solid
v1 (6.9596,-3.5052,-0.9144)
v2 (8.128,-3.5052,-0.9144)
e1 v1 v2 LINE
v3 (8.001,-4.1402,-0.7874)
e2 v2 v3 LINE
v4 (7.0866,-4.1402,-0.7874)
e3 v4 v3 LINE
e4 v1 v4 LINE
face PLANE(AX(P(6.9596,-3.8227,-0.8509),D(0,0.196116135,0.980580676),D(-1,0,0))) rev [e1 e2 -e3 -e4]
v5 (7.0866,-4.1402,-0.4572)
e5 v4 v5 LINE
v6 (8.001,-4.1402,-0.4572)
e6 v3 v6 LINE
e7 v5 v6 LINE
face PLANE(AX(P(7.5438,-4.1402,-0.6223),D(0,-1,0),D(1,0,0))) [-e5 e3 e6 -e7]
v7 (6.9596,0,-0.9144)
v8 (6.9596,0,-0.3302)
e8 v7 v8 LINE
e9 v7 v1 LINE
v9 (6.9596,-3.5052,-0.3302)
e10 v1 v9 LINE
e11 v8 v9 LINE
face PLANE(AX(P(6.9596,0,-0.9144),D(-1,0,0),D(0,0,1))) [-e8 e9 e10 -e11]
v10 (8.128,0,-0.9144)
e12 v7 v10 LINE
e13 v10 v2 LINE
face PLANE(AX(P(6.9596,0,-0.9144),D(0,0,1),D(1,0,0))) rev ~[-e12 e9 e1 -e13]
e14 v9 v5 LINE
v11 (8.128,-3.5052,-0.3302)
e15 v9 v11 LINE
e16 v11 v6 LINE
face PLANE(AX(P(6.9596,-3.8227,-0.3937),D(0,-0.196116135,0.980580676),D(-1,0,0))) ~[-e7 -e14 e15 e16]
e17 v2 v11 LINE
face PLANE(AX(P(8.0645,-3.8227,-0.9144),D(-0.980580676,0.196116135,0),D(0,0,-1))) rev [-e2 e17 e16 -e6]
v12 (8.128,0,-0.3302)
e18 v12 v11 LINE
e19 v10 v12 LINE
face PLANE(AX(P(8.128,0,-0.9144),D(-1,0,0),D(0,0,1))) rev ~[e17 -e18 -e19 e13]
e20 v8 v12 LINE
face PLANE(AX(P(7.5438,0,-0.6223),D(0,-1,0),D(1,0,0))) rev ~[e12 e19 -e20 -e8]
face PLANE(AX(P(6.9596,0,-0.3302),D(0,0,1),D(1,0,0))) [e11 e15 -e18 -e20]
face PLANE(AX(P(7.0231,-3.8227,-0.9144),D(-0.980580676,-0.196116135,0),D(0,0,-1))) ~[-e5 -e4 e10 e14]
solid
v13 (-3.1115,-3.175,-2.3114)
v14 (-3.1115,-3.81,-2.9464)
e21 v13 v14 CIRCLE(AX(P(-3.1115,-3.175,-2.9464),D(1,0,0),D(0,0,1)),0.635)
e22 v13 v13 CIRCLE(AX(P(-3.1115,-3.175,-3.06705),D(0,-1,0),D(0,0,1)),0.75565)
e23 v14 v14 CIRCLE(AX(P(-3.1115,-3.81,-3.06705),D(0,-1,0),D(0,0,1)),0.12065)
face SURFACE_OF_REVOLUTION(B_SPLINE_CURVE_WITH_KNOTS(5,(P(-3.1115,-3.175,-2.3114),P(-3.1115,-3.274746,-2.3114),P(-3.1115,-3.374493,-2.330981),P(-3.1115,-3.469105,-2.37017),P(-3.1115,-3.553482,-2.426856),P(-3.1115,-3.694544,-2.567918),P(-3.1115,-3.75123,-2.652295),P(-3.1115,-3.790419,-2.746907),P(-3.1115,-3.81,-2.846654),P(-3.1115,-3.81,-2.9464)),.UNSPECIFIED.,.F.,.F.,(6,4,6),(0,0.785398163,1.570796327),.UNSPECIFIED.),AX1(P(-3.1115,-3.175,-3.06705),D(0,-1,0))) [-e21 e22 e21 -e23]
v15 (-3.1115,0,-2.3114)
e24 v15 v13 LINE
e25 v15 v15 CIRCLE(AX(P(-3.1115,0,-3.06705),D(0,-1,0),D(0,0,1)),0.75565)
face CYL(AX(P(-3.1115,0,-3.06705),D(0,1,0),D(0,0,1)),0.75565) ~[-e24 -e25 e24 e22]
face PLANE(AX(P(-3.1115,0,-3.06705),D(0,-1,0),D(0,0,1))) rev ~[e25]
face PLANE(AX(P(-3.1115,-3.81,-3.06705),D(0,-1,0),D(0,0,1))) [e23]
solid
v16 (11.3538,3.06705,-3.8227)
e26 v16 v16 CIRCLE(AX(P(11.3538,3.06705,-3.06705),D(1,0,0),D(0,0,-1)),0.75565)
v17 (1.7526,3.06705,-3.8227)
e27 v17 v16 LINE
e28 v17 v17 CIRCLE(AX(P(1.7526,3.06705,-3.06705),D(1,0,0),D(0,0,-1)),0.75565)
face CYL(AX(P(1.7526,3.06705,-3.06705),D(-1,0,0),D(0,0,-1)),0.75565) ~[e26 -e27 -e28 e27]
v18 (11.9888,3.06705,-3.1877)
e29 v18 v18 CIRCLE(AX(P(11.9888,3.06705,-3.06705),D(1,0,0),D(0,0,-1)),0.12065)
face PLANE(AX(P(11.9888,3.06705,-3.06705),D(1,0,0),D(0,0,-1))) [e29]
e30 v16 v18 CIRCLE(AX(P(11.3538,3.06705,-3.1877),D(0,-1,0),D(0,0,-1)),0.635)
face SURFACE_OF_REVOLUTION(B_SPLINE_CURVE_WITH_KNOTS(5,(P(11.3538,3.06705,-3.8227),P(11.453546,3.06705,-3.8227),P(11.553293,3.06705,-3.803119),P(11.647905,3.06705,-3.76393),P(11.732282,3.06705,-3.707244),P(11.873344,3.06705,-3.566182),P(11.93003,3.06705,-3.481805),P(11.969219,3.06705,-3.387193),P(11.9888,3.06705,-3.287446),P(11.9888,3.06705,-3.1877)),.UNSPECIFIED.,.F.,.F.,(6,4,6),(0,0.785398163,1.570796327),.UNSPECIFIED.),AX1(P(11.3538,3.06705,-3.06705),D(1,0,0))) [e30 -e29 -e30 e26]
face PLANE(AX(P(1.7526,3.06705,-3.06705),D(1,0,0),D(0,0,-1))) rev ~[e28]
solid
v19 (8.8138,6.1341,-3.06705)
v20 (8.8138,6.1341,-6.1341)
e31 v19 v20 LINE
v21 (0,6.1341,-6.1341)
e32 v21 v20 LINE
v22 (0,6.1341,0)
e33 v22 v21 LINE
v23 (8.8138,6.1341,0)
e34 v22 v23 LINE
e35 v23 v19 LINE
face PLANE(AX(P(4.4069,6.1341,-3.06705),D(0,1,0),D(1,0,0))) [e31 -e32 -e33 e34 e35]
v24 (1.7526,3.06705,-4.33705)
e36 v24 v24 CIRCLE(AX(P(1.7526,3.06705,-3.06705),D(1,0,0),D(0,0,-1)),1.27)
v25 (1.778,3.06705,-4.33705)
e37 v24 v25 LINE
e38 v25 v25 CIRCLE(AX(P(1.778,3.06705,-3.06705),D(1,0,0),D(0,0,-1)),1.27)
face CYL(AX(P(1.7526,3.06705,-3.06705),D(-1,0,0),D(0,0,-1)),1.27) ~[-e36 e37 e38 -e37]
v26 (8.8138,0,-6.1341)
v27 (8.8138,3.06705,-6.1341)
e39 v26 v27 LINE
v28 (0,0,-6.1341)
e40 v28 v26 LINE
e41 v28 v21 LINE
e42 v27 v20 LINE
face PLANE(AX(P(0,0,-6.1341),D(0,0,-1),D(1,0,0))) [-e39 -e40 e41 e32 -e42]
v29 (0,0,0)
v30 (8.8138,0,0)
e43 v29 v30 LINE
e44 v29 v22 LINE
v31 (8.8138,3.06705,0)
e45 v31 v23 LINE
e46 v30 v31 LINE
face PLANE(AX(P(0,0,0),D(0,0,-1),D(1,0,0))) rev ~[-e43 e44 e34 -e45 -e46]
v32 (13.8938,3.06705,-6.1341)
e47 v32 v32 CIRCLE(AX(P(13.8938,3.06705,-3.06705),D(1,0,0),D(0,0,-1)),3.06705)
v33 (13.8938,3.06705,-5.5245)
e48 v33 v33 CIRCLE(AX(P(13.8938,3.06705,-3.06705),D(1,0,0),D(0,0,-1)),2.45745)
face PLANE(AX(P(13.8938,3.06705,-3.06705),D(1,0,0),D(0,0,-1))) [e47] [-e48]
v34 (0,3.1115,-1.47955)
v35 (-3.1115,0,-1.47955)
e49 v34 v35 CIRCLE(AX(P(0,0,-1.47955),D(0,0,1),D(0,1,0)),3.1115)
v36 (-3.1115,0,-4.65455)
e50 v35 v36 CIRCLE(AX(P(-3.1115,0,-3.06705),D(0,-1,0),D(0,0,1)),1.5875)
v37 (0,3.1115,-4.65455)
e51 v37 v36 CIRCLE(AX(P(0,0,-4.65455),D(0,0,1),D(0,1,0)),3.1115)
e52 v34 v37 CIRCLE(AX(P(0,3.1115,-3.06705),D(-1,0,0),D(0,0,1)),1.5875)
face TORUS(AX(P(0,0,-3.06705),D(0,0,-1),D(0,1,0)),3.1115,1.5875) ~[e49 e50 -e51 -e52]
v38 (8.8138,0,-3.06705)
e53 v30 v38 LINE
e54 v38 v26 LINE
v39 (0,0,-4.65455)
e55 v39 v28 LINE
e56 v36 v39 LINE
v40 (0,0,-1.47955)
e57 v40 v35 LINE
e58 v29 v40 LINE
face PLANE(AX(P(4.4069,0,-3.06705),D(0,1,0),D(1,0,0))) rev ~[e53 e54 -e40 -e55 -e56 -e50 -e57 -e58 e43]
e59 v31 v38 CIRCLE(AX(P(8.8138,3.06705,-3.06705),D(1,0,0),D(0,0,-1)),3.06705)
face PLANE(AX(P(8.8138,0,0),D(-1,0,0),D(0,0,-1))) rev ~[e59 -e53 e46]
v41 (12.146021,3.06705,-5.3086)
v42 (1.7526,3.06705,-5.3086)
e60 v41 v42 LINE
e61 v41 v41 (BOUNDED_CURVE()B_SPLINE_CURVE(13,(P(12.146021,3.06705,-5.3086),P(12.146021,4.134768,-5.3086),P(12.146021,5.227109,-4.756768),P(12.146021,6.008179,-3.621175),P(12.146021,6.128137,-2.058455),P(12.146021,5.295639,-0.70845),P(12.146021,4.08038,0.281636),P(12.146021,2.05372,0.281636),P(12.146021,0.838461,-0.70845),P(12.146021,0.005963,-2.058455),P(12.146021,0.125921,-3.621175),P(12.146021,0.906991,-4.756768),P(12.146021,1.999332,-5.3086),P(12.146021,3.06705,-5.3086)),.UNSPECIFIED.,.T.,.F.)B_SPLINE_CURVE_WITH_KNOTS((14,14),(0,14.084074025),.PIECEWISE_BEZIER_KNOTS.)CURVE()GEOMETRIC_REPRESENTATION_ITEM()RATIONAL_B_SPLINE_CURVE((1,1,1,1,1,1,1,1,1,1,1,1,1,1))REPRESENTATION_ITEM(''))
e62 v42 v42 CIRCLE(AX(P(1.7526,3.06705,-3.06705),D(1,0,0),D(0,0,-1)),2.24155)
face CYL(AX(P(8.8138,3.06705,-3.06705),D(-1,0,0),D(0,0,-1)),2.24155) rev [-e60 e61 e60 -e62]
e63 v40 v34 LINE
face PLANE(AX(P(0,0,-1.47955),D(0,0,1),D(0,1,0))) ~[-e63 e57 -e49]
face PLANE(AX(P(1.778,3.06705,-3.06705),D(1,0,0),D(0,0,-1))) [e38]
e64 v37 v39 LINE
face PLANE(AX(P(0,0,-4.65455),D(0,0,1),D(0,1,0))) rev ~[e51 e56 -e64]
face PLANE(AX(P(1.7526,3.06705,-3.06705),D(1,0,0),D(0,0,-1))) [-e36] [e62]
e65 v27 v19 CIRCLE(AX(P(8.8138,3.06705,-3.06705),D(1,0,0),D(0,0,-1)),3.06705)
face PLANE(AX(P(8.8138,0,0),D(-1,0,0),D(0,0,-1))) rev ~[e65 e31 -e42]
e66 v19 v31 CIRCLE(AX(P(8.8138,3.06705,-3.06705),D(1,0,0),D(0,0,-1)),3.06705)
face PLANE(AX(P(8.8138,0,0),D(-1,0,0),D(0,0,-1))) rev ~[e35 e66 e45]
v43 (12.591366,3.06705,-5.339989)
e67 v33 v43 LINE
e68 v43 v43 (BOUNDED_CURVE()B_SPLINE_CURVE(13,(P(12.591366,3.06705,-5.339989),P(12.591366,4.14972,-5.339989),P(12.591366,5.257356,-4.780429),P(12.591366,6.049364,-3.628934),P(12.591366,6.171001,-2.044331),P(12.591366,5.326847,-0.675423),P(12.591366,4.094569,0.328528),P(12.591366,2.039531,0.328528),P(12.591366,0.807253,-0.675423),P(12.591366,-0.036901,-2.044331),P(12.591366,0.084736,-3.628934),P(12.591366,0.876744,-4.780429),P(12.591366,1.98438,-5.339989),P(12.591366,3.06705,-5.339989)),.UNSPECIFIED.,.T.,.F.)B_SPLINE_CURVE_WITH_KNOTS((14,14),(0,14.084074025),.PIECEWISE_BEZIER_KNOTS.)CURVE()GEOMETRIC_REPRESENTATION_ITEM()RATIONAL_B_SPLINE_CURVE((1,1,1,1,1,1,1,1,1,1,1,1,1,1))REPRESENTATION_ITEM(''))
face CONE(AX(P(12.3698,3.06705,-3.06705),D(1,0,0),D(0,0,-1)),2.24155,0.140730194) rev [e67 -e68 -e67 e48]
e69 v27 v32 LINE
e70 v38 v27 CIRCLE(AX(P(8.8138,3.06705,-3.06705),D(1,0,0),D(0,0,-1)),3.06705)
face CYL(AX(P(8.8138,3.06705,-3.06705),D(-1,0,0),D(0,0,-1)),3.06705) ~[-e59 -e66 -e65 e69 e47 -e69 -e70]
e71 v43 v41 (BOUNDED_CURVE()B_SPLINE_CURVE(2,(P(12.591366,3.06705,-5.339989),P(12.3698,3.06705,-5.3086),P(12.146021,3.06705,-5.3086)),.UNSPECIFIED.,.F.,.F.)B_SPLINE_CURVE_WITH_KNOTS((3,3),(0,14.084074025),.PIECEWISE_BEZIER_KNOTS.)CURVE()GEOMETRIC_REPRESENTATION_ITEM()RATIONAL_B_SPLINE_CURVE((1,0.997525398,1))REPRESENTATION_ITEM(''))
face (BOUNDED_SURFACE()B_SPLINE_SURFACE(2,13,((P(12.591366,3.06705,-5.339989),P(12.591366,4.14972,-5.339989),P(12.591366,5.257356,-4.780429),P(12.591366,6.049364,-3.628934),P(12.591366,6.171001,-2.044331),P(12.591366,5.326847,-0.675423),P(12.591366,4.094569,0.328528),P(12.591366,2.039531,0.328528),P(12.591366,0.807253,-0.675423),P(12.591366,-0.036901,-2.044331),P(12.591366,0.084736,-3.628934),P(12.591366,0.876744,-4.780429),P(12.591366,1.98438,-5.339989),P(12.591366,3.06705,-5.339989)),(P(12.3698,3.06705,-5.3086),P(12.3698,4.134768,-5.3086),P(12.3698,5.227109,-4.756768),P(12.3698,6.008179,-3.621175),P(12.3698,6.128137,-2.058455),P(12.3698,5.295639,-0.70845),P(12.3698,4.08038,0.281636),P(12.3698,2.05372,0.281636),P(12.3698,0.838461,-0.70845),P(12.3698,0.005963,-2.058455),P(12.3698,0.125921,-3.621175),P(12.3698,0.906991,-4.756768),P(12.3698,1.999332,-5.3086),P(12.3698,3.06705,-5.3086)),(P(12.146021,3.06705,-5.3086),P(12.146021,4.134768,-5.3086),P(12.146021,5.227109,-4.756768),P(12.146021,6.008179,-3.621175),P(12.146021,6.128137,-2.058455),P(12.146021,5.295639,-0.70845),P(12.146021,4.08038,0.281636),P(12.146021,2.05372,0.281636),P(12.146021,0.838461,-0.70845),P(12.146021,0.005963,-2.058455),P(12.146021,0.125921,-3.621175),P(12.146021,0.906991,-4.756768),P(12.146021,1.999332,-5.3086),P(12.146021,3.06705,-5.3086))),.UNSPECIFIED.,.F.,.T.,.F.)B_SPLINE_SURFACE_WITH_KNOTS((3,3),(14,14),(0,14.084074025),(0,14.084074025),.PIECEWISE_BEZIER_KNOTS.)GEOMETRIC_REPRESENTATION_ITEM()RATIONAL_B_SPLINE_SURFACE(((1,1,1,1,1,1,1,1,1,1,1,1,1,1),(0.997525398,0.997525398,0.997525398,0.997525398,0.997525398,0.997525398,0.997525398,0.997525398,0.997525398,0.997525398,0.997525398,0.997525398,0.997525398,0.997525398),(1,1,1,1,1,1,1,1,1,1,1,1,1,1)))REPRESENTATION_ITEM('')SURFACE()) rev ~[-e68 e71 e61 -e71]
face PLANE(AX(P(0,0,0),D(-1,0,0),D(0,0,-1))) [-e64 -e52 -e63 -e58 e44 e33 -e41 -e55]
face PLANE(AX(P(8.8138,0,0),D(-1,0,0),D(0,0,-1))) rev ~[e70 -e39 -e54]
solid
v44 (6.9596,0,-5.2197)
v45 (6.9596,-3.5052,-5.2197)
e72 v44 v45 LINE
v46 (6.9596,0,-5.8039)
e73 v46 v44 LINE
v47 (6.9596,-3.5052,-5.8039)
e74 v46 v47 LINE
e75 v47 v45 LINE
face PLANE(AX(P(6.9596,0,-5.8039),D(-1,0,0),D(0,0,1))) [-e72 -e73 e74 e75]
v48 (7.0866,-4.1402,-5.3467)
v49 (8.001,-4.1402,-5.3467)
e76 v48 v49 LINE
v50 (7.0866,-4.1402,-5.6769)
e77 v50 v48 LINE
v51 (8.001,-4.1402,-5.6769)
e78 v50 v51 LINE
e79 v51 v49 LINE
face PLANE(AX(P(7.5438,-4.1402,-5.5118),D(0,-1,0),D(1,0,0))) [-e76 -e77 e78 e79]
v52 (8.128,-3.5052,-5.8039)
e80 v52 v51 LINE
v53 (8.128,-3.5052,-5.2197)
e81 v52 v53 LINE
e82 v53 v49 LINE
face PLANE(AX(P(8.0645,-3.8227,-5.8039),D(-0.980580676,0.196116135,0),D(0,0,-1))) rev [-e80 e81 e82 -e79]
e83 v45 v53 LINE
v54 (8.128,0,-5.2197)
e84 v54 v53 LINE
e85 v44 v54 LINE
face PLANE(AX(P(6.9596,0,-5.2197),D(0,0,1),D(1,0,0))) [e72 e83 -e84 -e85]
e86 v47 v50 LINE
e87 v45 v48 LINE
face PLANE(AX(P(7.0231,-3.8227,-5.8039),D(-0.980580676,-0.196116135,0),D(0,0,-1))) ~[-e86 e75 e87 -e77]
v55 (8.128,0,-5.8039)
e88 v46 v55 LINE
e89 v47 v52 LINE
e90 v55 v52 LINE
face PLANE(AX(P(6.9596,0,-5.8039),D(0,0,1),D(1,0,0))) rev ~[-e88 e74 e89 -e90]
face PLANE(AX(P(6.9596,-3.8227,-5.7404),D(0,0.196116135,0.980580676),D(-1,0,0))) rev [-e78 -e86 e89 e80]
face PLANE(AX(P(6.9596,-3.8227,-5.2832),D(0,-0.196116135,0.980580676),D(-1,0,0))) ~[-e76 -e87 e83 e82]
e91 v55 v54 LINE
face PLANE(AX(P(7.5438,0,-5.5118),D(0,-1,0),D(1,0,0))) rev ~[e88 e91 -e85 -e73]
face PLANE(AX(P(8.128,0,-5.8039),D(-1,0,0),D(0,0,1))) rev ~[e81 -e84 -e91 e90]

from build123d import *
from OCP.BRepFilletAPI import BRepFilletAPI_MakeChamfer

# Parameters (mm, degrees)
SKETCH1_W             = 8.8138
SKETCH1_H             = 6.1341
BOSS_EXTRUDE1_DEPTH   = 6.1341
SKETCH2_R             = 3.06705
SKETCH2_R_2           = 2.24155
BOSS_EXTRUDE2_DEPTH   = 5.08
REVOLVE1_ANGLE        = 90
CUT_EXTRUDE1_START    = -7.0612
SKETCH6_R             = 2.24155
CUT_EXTRUDE1_DEPTH    = 7.0612
SKETCH11_R            = 1.27
BOSS_EXTRUDE6_DEPTH   = 0.0254
CHAMFER3_SIZE         = 0.2159
CHAMFER3_SIZE2        = 1.524
FILLET4_R             = 3.175
SKETCH7_R             = 0.75565
BOSS_EXTRUDE3_DEPTH   = 10.2362
FILLET3_R             = 0.635
SKETCH8_R             = 0.75565
BOSS_EXTRUDE4_DEPTH   = 3.81
FILLET2_R             = 0.635
SKETCH10_W            = 1.1684
SKETCH10_H            = 0.5842
BOSS_EXTRUDE5_DEPTH   = 4.1402
BOSS_EXTRUDE5_2_DEPTH = 4.1402
CHAMFER1_SIZE         = 0.635
CHAMFER1_SIZE2        = 0.127
CHAMFER2_SIZE         = 0.635
CHAMFER2_SIZE2        = 0.127


with BuildPart() as part:
    # Sketch1 → Boss-Extrude1 (new body)
    with BuildSketch(Plane(origin=(0, 0, 0), x_dir=(1, 0, 0), z_dir=(0, 1, 0))):
        with Locations((4.4069, 3.06705)):
            Rectangle(SKETCH1_W, SKETCH1_H)
    extrude(amount=BOSS_EXTRUDE1_DEPTH)

    # Sketch2 → Boss-Extrude2 (add)
    with BuildSketch(Plane(origin=(8.8138, 0, 0), x_dir=(0, 0, -1), z_dir=(1, 0, 0))):
        with Locations((3.06705, 3.06705)):
            Circle(SKETCH2_R)
        with Locations((3.06705, 3.06705)):
            Circle(SKETCH2_R_2, mode=Mode.SUBTRACT)
    extrude(amount=BOSS_EXTRUDE2_DEPTH)

    # Sketch3 → Revolve1 (revolve)
    with BuildSketch(Plane.ZY):
        with BuildLine():
            Line((-4.65455, 3.1115), (-4.65455, 0))
            Line((-4.65455, 0), (-1.47955, 0))
            Line((-1.47955, 0), (-1.47955, 3.1115))
            ThreePointArc((-1.47955, 3.1115), (-3.06705, 4.699), (-4.65455, 3.1115))
        make_face()
    revolve(axis=Axis((0, 0, 0), (0, 0, 1)), revolution_arc=REVOLVE1_ANGLE)

    # Sketch6 → Cut-Extrude1 (cut)
    with BuildSketch(Plane(origin=(8.8138, 0, 0), x_dir=(0, 0, -1), z_dir=(1, 0, 0)).offset(CUT_EXTRUDE1_START)):
        with Locations((3.06705, 3.06705)):
            Circle(SKETCH6_R)
    extrude(amount=CUT_EXTRUDE1_DEPTH, mode=Mode.SUBTRACT)

    # Sketch11 → Boss-Extrude6 (add)
    with BuildSketch(Plane(origin=(1.7526, 0, 0), x_dir=(0, 0, -1), z_dir=(1, 0, 0))):
        with Locations((3.06705, 3.06705)):
            Circle(SKETCH11_R)
    extrude(amount=BOSS_EXTRUDE6_DEPTH)

    # Chamfer3
    chamfer3_edges = [part.edges().sort_by_distance(p)[0] for p in [
        (13.8938, 3.06705, -0.8255),
    ]]
    chamfer3_side = [part.faces().sort_by_distance(p)[0] for p in [
        (13.8938, 3.06705, -0.086749274),
    ]]
    chamfer(chamfer3_edges, length=CHAMFER3_SIZE, length2=CHAMFER3_SIZE2, reference=chamfer3_side[0])

    # Fillet4
    fillet4_edges = [part.edges().sort_by_distance(p)[0] for p in [
        (12.3698, 3.06705, -0.8255),
    ]]
    fillet(fillet4_edges, radius=FILLET4_R)


with BuildPart() as body_2:
    # Sketch7 → Boss-Extrude3 (new body)
    with BuildSketch(Plane(origin=(1.7526, 0, 0), x_dir=(0, 0, -1), z_dir=(1, 0, 0))):
        with Locations((3.06705, 3.06705)):
            Circle(SKETCH7_R)
    extrude(amount=BOSS_EXTRUDE3_DEPTH)

    # Fillet3
    fillet3_edges = [body_2.edges().sort_by_distance(p)[0] for p in [
        (11.9888, 3.06705, -2.3114),
    ]]
    fillet(fillet3_edges, radius=FILLET3_R)


with BuildPart() as body_3:
    # Sketch8 → Boss-Extrude4 (new body)
    with BuildSketch(Plane.XZ):
        with Locations(Location((-3.1115, -3.06705, 0), (0, 0, 90))):
            Circle(SKETCH8_R)
    extrude(amount=BOSS_EXTRUDE4_DEPTH)

    # Fillet2
    fillet2_edges = [body_3.edges().sort_by_distance(p)[0] for p in [
        (-3.1115, -3.81, -3.8227),
    ]]
    fillet(fillet2_edges, radius=FILLET2_R)


with BuildPart() as body_4:
    # Sketch10 → Boss-Extrude5 (new body)
    with BuildSketch(Plane.XZ):
        with Locations((7.5438, -0.6223)):
            Rectangle(SKETCH10_W, SKETCH10_H)
    extrude(amount=BOSS_EXTRUDE5_DEPTH)

    # Chamfer1: one chamfer whose edges measure the first distance from different faces: ONE call of the kernel's chamfer builder (chamfer() names one face for all edges)
    chamfer1_edges_1 = [body_4.edges().sort_by_distance(p)[0] for p in [
        (6.9596, -4.1402, -0.6223),
    ]]
    chamfer1_side_1 = [body_4.faces().sort_by_distance(p)[0] for p in [
        (6.9596, -2.0701, -0.6223),
    ]]
    chamfer1_edges_2 = [body_4.edges().sort_by_distance(p)[0] for p in [
        (7.5438, -4.1402, -0.9144),
    ]]
    chamfer1_side_2 = [body_4.faces().sort_by_distance(p)[0] for p in [
        (7.5438, -2.0701, -0.9144),
    ]]
    chamfer1_edges_3 = [body_4.edges().sort_by_distance(p)[0] for p in [
        (8.128, -4.1402, -0.6223),
    ]]
    chamfer1_side_3 = [body_4.faces().sort_by_distance(p)[0] for p in [
        (8.128, -2.0701, -0.6223),
    ]]
    chamfer1_edges_4 = [body_4.edges().sort_by_distance(p)[0] for p in [
        (7.5438, -4.1402, -0.3302),
    ]]
    chamfer1_side_4 = [body_4.faces().sort_by_distance(p)[0] for p in [
        (7.5438, -2.0701, -0.3302),
    ]]
    chamfer1 = BRepFilletAPI_MakeChamfer(body_4.part.solid().wrapped)
    for e in chamfer1_edges_1:
        chamfer1.Add(CHAMFER1_SIZE, CHAMFER1_SIZE2, e.wrapped, chamfer1_side_1[0].wrapped)  # the first distance lies on this face
    for e in chamfer1_edges_2:
        chamfer1.Add(CHAMFER1_SIZE, CHAMFER1_SIZE2, e.wrapped, chamfer1_side_2[0].wrapped)  # the first distance lies on this face
    for e in chamfer1_edges_3:
        chamfer1.Add(CHAMFER1_SIZE, CHAMFER1_SIZE2, e.wrapped, chamfer1_side_3[0].wrapped)  # the first distance lies on this face
    for e in chamfer1_edges_4:
        chamfer1.Add(CHAMFER1_SIZE, CHAMFER1_SIZE2, e.wrapped, chamfer1_side_4[0].wrapped)  # the first distance lies on this face
    add(Compound.cast(chamfer1.Shape()), mode=Mode.REPLACE)


with BuildPart() as body_5:
    # Sketch10 → Boss-Extrude5 2 (new body)
    with BuildSketch(Plane.XZ):
        with Locations((7.5438, -5.5118)):
            Rectangle(SKETCH10_W, SKETCH10_H)
    extrude(amount=BOSS_EXTRUDE5_2_DEPTH)

    # Chamfer2: one chamfer whose edges measure the first distance from different faces: ONE call of the kernel's chamfer builder (chamfer() names one face for all edges)
    chamfer2_edges_1 = [body_5.edges().sort_by_distance(p)[0] for p in [
        (6.9596, -4.1402, -5.5118),
    ]]
    chamfer2_side_1 = [body_5.faces().sort_by_distance(p)[0] for p in [
        (6.9596, -2.0701, -5.5118),
    ]]
    chamfer2_edges_2 = [body_5.edges().sort_by_distance(p)[0] for p in [
        (7.5438, -4.1402, -5.8039),
    ]]
    chamfer2_side_2 = [body_5.faces().sort_by_distance(p)[0] for p in [
        (7.5438, -2.0701, -5.8039),
    ]]
    chamfer2_edges_3 = [body_5.edges().sort_by_distance(p)[0] for p in [
        (8.128, -4.1402, -5.5118),
    ]]
    chamfer2_side_3 = [body_5.faces().sort_by_distance(p)[0] for p in [
        (8.128, -2.0701, -5.5118),
    ]]
    chamfer2_edges_4 = [body_5.edges().sort_by_distance(p)[0] for p in [
        (7.5438, -4.1402, -5.2197),
    ]]
    chamfer2_side_4 = [body_5.faces().sort_by_distance(p)[0] for p in [
        (7.5438, -2.0701, -5.2197),
    ]]
    chamfer2 = BRepFilletAPI_MakeChamfer(body_5.part.solid().wrapped)
    for e in chamfer2_edges_1:
        chamfer2.Add(CHAMFER2_SIZE, CHAMFER2_SIZE2, e.wrapped, chamfer2_side_1[0].wrapped)  # the first distance lies on this face
    for e in chamfer2_edges_2:
        chamfer2.Add(CHAMFER2_SIZE, CHAMFER2_SIZE2, e.wrapped, chamfer2_side_2[0].wrapped)  # the first distance lies on this face
    for e in chamfer2_edges_3:
        chamfer2.Add(CHAMFER2_SIZE, CHAMFER2_SIZE2, e.wrapped, chamfer2_side_3[0].wrapped)  # the first distance lies on this face
    for e in chamfer2_edges_4:
        chamfer2.Add(CHAMFER2_SIZE, CHAMFER2_SIZE2, e.wrapped, chamfer2_side_4[0].wrapped)  # the first distance lies on this face
    add(Compound.cast(chamfer2.Shape()), mode=Mode.REPLACE)


solid = Compound([part.part, body_2.part, body_3.part, body_4.part, body_5.part])
